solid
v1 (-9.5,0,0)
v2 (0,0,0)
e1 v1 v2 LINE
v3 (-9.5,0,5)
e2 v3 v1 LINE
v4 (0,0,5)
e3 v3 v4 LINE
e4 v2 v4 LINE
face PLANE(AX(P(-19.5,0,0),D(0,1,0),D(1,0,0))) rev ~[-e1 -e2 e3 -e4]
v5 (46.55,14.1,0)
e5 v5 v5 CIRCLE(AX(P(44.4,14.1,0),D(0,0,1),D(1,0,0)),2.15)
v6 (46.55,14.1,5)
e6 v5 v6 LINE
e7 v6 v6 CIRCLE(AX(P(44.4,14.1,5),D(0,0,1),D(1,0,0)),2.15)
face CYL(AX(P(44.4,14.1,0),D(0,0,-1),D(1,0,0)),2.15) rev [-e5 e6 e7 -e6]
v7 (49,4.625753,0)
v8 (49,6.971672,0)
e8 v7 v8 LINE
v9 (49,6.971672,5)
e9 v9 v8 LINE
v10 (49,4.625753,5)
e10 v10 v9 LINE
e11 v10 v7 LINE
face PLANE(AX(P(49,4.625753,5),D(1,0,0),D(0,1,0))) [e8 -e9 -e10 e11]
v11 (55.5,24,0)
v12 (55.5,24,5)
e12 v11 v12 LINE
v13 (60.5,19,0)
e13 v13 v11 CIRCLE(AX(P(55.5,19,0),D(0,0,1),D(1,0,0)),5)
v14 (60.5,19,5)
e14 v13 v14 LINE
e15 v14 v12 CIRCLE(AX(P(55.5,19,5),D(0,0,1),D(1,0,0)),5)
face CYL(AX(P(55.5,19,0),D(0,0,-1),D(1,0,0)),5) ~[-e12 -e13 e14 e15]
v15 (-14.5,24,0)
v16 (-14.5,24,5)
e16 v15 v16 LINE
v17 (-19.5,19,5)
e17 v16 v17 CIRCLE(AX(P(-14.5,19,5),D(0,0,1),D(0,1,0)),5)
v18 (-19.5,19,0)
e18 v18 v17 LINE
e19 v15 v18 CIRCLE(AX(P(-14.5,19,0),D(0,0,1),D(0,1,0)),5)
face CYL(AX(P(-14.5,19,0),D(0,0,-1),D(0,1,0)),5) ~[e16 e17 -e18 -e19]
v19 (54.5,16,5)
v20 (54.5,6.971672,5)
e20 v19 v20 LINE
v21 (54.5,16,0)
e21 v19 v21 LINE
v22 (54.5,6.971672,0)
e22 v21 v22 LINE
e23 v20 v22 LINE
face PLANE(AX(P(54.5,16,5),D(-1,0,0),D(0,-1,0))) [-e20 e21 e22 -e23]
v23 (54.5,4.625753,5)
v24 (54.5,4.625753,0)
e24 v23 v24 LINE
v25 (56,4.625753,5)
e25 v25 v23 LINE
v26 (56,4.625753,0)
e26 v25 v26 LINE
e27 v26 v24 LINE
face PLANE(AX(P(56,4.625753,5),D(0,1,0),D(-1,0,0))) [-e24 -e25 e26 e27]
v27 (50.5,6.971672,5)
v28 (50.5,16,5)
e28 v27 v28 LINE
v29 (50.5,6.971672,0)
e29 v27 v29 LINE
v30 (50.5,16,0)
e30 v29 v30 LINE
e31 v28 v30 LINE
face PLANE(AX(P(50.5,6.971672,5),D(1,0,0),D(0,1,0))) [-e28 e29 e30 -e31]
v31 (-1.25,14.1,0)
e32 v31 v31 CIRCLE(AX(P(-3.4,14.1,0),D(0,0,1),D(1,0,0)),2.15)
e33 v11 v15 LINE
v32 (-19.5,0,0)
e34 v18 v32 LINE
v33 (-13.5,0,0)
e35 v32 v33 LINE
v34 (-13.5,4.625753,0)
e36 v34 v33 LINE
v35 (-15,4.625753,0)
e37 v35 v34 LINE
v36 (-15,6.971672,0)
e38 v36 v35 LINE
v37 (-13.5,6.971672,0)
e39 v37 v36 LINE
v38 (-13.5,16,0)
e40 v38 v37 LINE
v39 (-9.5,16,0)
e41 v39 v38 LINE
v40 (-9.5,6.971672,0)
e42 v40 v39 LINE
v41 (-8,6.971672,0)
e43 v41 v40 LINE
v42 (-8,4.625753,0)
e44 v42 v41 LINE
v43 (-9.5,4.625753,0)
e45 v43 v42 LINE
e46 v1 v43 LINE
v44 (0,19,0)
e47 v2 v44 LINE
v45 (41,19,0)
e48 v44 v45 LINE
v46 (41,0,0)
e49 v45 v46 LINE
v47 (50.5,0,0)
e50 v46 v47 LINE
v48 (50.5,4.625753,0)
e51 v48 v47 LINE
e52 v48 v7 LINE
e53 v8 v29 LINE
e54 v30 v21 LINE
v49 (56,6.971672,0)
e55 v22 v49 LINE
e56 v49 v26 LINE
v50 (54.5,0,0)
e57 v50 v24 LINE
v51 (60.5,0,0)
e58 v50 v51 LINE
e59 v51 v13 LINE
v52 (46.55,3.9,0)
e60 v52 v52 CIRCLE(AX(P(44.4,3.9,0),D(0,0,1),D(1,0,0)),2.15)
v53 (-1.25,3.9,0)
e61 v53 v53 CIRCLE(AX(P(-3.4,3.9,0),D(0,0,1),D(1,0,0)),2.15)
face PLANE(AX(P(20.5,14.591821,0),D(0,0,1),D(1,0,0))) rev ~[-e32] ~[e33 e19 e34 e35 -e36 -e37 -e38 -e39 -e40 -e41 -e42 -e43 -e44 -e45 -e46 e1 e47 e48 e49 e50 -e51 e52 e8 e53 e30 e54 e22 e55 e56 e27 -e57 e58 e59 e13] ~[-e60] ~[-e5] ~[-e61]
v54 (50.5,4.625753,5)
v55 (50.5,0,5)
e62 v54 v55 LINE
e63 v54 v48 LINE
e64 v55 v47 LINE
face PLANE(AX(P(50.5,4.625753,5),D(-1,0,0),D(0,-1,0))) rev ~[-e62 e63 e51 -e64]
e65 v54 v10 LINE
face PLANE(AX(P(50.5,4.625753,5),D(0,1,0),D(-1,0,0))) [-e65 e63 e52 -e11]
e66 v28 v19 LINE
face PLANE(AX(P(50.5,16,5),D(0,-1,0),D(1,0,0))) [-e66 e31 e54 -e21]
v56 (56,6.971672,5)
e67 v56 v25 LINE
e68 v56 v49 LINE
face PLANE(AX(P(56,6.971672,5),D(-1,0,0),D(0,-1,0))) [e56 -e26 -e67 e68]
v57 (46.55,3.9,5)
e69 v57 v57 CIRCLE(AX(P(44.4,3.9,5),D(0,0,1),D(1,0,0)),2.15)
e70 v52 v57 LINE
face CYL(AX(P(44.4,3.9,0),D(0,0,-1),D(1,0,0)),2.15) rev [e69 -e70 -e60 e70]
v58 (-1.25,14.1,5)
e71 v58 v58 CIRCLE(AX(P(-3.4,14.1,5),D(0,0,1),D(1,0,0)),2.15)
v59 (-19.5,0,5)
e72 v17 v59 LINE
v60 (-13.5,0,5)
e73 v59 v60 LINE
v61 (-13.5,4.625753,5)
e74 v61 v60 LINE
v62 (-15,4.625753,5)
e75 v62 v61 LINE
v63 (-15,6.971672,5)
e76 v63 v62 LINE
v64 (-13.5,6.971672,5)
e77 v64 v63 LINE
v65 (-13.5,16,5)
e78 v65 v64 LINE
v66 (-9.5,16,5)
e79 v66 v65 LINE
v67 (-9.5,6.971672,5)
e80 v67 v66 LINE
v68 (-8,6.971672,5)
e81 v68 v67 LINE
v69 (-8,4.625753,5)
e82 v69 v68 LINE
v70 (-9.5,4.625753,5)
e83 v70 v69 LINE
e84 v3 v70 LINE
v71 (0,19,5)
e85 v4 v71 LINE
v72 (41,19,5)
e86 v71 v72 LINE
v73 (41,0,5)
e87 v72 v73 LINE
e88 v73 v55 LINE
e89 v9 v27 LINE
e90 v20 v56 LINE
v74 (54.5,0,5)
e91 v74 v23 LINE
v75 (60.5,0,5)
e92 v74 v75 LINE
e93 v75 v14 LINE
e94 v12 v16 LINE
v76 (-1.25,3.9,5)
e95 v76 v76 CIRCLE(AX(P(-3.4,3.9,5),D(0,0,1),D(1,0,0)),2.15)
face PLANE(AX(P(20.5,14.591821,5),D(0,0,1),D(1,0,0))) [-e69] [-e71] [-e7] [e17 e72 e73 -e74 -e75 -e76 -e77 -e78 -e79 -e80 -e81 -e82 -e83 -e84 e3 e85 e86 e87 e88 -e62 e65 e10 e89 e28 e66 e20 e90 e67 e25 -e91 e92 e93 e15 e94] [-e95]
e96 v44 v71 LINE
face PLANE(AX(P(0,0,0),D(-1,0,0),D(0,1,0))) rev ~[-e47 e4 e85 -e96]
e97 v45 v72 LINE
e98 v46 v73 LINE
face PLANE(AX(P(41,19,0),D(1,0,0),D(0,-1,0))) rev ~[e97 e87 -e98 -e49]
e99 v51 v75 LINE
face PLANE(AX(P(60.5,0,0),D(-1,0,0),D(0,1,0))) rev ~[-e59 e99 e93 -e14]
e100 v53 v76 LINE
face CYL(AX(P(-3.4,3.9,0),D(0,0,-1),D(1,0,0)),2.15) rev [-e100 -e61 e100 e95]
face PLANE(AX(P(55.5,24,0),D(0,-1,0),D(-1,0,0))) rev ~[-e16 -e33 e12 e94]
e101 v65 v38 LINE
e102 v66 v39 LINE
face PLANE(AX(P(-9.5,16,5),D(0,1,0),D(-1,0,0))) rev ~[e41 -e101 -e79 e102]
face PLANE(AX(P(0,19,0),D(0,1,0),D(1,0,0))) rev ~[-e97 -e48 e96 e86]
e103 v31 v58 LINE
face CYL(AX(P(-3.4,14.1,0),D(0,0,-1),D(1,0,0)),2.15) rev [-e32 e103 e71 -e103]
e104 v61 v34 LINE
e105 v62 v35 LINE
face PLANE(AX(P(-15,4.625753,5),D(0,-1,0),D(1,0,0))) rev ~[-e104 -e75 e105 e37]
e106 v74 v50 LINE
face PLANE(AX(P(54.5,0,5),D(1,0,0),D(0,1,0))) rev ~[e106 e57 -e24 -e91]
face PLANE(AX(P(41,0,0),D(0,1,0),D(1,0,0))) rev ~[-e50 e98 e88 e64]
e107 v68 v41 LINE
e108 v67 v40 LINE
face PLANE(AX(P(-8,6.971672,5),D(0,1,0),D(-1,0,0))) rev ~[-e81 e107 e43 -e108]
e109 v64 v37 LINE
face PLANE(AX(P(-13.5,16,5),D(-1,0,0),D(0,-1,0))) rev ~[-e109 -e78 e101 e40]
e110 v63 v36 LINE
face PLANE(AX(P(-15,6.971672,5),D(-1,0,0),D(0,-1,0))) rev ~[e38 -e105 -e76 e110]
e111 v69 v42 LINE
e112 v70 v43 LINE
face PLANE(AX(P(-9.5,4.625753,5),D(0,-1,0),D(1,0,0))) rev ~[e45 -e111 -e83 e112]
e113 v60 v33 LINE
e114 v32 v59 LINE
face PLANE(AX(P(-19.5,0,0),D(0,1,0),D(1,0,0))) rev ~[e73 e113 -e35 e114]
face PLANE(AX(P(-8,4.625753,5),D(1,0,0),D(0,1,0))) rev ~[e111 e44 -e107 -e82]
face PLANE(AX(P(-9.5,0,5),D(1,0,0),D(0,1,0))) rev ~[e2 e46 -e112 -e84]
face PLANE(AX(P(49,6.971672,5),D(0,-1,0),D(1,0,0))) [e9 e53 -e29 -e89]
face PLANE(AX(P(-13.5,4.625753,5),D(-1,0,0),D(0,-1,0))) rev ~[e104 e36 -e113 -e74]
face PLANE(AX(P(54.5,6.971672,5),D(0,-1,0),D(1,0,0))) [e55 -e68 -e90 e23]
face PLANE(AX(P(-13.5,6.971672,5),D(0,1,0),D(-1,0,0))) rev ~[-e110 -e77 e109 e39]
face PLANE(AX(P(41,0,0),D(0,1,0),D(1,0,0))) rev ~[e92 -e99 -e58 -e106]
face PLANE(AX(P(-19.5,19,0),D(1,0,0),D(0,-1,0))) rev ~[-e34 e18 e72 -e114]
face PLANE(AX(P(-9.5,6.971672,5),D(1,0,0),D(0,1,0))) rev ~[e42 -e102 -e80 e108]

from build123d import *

# Parameters (mm, degrees)
ESQUISSE1_R             = 2.15
BOSS_EXTRU_1_DEPTH      = 5
ENL_V_MAT_EXTRU_2_DEPTH = 30


with BuildPart() as part:
    # Esquisse1 → Boss.-Extru.1 (new body)
    with BuildSketch(Plane.XY):
        with BuildLine():
            Line((-19.5, 0), (0, 0))
            Line((0, 0), (0, 19))
            Line((0, 19), (41, 19))
            Line((41, 19), (41, 0))
            Line((41, 0), (60.5, 0))
            Line((60.5, 0), (60.5, 19))
            ThreePointArc((60.5, 19), (59.035533906, 22.535533906), (55.5, 24))
            Line((55.5, 24), (-14.5, 24))
            ThreePointArc((-14.5, 24), (-18.035533906, 22.535533906), (-19.5, 19))
            Line((-19.5, 19), (-19.5, 0))
        make_face()
        with Locations((44.4, 14.1)):
            Circle(ESQUISSE1_R, mode=Mode.SUBTRACT)
        with Locations((44.4, 3.9)):
            Circle(ESQUISSE1_R, mode=Mode.SUBTRACT)
        with Locations((-3.4, 14.1)):
            Circle(ESQUISSE1_R, mode=Mode.SUBTRACT)
        with Locations((-3.4, 3.9)):
            Circle(ESQUISSE1_R, mode=Mode.SUBTRACT)
    extrude(amount=BOSS_EXTRU_1_DEPTH)

    # Esquisse3 → Enlèv. mat.-Extru.2 (cut)
    with BuildSketch(Plane.XY.offset(5)):
        Polygon((-9.5, 3.002605055), (-9.5, 4.625752713), (-8, 4.625752713), (-8, 6.971671519), (-9.5, 6.971671519), (-9.5, 16), (-13.5, 16), (-13.5, 6.971671519), (-15, 6.971671519), (-15, 4.625752713), (-13.5, 4.625752713), (-13.5, 3.002605055), (-13.5, 0), (-9.5, 0), align=None)
        Polygon((54.5, 0), (50.5, 0), (50.5, 3.002605055), (50.5, 4.625752713), (49, 4.625752713), (49, 6.971671519), (50.5, 6.971671519), (50.5, 16), (54.5, 16), (54.5, 6.971671519), (56, 6.971671519), (56, 4.625752713), (54.5, 4.625752713), (54.5, 3.002605055), align=None)
    extrude(amount=-ENL_V_MAT_EXTRU_2_DEPTH, mode=Mode.SUBTRACT)


solid = part.part
